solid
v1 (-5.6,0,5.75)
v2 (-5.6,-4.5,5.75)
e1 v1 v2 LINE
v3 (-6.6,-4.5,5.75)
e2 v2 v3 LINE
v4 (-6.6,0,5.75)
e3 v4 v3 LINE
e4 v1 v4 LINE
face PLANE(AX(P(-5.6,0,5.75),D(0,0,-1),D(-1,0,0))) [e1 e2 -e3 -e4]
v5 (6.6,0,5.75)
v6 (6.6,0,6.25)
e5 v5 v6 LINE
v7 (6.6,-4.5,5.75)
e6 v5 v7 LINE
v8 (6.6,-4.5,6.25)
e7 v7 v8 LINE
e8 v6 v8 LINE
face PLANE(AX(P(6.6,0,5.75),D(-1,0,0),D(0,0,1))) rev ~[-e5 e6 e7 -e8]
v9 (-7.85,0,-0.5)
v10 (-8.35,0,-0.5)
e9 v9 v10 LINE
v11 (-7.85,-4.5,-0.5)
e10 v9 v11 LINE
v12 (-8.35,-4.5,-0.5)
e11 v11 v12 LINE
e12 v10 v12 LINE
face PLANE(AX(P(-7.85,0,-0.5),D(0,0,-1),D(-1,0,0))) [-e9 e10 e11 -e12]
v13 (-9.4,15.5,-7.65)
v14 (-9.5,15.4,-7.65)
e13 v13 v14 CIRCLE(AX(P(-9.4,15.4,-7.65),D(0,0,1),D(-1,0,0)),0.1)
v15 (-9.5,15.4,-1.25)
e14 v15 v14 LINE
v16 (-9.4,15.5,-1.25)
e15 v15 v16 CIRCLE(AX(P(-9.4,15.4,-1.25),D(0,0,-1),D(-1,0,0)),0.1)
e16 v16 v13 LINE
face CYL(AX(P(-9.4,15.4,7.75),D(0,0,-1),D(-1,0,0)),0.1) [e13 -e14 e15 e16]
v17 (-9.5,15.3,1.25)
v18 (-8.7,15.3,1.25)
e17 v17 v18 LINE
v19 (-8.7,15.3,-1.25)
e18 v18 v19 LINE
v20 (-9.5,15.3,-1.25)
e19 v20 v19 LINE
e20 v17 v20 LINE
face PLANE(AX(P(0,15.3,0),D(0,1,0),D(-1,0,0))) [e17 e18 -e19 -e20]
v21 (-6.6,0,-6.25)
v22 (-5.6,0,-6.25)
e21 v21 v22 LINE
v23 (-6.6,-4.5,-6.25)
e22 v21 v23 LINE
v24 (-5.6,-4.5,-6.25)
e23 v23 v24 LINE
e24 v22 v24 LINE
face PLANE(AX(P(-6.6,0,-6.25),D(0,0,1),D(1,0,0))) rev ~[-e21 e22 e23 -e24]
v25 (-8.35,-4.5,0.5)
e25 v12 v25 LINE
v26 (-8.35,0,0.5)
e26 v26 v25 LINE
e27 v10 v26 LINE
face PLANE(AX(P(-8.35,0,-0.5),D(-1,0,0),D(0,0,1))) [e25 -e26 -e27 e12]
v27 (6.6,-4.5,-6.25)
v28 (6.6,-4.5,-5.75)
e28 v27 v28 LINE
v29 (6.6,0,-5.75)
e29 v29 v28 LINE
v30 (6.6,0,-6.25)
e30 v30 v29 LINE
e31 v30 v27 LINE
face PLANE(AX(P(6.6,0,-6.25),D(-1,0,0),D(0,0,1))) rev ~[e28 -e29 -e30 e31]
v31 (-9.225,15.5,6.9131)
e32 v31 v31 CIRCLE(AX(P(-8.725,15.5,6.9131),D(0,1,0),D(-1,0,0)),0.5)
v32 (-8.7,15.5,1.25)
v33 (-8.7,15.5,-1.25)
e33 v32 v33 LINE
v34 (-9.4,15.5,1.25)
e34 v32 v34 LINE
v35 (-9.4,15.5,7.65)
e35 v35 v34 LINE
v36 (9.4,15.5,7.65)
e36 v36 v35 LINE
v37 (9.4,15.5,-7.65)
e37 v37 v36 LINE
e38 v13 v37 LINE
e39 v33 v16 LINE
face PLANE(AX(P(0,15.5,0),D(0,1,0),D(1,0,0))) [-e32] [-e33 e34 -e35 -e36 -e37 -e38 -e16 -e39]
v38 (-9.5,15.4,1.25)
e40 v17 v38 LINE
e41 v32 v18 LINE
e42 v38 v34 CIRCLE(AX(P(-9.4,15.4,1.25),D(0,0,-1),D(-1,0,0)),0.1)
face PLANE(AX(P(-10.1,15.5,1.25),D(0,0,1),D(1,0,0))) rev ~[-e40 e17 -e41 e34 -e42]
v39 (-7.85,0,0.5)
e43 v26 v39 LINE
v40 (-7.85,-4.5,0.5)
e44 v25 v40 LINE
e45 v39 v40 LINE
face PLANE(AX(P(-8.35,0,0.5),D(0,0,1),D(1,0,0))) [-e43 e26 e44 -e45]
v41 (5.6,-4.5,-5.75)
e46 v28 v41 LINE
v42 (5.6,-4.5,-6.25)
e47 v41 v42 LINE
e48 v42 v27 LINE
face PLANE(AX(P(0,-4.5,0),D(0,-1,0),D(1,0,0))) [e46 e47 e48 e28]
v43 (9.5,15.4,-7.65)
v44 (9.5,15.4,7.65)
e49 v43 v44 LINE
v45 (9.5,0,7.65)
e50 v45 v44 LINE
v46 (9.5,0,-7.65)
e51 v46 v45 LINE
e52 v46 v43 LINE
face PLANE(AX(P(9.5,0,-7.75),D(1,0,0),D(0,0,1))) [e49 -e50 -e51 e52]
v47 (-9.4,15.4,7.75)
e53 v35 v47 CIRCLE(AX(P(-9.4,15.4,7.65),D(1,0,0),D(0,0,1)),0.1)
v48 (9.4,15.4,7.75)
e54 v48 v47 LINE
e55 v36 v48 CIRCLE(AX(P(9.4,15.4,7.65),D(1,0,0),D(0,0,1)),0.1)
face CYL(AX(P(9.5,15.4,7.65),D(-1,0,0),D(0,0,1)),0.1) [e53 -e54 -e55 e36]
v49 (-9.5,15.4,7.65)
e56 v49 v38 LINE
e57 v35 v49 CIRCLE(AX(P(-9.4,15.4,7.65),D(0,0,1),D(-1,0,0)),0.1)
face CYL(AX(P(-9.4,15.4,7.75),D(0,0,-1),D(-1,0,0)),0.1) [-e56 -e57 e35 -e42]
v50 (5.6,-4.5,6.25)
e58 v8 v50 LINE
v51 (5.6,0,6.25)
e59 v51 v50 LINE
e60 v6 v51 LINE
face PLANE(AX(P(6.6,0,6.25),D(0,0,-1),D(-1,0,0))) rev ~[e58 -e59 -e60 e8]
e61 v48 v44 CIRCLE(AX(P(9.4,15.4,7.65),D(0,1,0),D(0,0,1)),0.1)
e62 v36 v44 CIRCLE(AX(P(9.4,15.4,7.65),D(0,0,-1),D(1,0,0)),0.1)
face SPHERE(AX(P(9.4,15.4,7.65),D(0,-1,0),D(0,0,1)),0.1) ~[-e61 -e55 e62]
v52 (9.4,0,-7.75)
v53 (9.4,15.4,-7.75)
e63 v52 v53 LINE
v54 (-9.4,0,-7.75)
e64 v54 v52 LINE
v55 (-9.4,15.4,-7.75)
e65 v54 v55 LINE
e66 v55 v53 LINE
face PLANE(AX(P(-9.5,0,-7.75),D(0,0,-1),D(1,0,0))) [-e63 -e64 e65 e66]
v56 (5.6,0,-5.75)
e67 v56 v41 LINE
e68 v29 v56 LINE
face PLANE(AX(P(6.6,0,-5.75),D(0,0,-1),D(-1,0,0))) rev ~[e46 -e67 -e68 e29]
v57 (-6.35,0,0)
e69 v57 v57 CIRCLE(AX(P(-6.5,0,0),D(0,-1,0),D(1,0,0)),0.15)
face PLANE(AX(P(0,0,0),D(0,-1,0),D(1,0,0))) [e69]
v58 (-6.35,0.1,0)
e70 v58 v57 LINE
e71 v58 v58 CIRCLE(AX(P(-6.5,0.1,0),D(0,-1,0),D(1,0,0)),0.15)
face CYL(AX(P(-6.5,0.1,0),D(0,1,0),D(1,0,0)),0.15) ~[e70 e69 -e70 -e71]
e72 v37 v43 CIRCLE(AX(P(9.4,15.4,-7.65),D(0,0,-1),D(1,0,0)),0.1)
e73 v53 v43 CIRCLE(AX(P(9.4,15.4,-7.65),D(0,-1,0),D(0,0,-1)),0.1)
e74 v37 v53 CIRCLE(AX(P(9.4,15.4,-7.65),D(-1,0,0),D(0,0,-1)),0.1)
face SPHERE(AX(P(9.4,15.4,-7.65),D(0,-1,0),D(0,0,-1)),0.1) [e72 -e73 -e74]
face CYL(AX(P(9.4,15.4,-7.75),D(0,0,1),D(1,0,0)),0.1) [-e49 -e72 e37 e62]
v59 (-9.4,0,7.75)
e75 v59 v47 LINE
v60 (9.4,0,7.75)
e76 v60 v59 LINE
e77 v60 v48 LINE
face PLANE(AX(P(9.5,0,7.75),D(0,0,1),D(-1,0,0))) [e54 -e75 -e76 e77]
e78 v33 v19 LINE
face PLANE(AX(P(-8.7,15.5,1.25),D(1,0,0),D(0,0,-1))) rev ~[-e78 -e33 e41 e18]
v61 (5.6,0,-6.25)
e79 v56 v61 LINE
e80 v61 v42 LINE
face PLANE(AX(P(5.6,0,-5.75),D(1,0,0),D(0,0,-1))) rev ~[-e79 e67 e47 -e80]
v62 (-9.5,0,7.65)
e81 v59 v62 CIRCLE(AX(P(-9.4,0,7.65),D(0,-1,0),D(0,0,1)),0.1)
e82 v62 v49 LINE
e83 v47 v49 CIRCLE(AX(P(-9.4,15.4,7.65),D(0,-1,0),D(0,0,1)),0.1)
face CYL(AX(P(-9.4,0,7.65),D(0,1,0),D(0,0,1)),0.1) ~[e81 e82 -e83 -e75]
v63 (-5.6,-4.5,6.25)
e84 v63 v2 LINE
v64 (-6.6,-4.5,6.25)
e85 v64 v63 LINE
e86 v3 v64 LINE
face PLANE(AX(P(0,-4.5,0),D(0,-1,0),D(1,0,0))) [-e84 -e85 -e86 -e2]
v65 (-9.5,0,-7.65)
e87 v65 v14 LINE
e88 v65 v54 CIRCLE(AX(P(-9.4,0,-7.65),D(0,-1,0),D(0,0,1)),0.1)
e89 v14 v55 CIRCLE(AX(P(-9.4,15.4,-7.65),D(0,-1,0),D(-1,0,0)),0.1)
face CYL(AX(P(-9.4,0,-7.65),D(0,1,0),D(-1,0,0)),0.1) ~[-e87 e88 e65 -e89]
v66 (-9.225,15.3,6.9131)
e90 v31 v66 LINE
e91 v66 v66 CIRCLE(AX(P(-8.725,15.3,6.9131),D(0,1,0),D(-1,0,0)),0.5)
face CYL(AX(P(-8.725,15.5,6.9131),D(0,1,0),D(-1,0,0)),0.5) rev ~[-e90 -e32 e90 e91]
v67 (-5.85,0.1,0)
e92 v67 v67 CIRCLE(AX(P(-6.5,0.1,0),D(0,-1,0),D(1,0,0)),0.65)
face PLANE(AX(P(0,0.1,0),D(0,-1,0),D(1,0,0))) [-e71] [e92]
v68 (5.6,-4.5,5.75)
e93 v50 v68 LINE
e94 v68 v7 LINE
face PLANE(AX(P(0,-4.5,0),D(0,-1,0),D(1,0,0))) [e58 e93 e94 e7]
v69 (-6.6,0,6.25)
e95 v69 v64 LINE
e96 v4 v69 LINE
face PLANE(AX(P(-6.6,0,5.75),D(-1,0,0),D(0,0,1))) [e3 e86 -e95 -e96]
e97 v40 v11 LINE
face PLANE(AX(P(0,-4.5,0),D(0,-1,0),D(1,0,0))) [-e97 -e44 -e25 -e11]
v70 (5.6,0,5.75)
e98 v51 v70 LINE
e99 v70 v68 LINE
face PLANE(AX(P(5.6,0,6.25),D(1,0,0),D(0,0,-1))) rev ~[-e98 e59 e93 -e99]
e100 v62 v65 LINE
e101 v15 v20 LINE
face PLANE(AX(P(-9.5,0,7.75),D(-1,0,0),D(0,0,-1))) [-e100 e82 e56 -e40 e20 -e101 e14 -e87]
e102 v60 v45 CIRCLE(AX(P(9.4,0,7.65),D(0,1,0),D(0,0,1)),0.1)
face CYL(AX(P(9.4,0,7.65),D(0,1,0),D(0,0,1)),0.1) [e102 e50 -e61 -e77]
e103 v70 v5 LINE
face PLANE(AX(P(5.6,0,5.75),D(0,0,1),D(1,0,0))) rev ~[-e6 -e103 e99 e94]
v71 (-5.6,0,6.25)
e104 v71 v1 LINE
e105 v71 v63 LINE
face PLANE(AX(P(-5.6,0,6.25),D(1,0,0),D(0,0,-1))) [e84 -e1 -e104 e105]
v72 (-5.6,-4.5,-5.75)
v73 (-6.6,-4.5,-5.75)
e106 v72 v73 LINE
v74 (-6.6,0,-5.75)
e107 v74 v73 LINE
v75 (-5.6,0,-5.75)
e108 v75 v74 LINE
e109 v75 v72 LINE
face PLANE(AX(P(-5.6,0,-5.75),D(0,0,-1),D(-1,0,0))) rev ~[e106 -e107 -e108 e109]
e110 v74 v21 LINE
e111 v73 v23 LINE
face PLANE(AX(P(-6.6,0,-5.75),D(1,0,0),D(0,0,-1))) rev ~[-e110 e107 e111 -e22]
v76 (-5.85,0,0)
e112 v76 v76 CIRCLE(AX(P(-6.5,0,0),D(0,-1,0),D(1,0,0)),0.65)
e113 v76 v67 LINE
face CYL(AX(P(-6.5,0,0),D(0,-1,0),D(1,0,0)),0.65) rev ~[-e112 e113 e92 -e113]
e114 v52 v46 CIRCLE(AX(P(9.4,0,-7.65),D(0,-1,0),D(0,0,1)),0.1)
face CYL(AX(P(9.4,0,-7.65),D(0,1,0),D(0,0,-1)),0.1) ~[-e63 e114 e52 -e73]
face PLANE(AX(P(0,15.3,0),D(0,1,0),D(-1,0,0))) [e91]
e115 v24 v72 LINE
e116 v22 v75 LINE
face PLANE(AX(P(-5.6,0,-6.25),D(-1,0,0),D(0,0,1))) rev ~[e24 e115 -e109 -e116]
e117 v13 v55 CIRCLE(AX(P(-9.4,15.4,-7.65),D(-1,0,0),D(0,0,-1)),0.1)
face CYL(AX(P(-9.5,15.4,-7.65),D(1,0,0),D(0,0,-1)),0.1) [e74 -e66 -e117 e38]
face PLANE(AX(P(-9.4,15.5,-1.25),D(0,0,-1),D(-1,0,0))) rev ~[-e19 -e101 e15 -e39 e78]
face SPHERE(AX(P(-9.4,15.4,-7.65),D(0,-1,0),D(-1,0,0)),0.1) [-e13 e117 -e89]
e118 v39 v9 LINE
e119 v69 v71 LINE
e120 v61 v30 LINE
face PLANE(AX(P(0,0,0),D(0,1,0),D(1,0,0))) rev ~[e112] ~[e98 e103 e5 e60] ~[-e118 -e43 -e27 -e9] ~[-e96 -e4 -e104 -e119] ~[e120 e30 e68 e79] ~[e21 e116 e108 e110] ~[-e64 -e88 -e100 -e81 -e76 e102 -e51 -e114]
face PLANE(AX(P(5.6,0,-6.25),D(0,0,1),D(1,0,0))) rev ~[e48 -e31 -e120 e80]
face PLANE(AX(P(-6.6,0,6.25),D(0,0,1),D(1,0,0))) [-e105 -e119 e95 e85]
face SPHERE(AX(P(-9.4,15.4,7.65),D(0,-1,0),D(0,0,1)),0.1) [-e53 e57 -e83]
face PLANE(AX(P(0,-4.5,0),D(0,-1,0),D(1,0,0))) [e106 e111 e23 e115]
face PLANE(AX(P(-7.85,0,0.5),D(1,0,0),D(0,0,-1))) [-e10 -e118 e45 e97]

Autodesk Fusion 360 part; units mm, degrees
sketch "Sketch1" plane through (0, 0, 0) normal (0, 1, 0) x (1, 0, 0)
  line L0 (9.5, -7.75) -> (-9.5, -7.75)
  line L1 (-9.5, -7.75) -> (-9.5, 7.75)
  line L2 (-9.5, 7.75) -> (9.5, 7.75)
  line L3 (9.5, 7.75) -> (9.5, -7.75)
  line L4 (9.5, -7.75) -> (-9.5, 7.75) construction
  line L5 (-9.5, -7.75) -> (9.5, 7.75) construction
  dimension "d1" = 19
  dimension "d2" = 15.5
extrude "Extrude1" add sketch "Sketch1" along normal blind 15.5
fillet "Fillet1" radius 0.1 4 edges at (-9.5, 7.75, -7.75) (9.5, 7.75, -7.75) (9.5, 7.75, 7.75) (-9.5, 7.75, 7.75) 1 faces at (3.1667, 15.5, 2.5833)
sketch "Sketch2" plane through (0, 0, 0) normal (0, -1, 0) x (1, 0, 0)
  arc A0 (9.5, 7.65) -> (9.4, 7.75) centre (9.4, 7.65) ccw
  line L0 (9.4, 7.75) -> (-9.4, 7.75)
  arc A1 (-9.4, 7.75) -> (-9.5, 7.65) centre (-9.4, 7.65) ccw
  line L1 (-9.5, 7.65) -> (-9.5, -7.65)
  arc A2 (-9.5, -7.65) -> (-9.4, -7.75) centre (-9.4, -7.65) ccw
  line L2 (-9.4, -7.75) -> (9.4, -7.75)
  arc A3 (9.4, -7.75) -> (9.5, -7.65) centre (9.4, -7.65) ccw
  line L3 (9.5, -7.65) -> (9.5, 7.65)
  line L4 (6.1, 6) -> (-6.1, 6) construction
  line L5 (-6.1, 6) -> (-6.1, -6) construction
  line L6 (-6.1, -6) -> (6.1, -6) construction
  line L7 (6.1, -6) -> (6.1, 6) construction
  line L8 (6.1, 6) -> (-6.1, -6) construction
  line L9 (-6.1, 6) -> (6.1, -6) construction
  line L10 (-6.1, 0) -> (-8.1, 0) construction
  line L11 (-5.6, 5.75) -> (-6.6, 5.75)
  line L12 (-6.6, 5.75) -> (-6.6, 6.25)
  line L13 (-6.6, 6.25) -> (-5.6, 6.25)
  line L14 (-5.6, 6.25) -> (-5.6, 5.75)
  line L15 (-5.6, 5.75) -> (-6.6, 6.25) construction
  line L16 (-6.6, 5.75) -> (-5.6, 6.25) construction
  line L17 (-5.6, -5.75) -> (-6.6, -5.75)
  line L18 (-6.6, -5.75) -> (-6.6, -6.25)
  line L19 (-6.6, -6.25) -> (-5.6, -6.25)
  line L20 (-5.6, -6.25) -> (-5.6, -5.75)
  line L21 (-5.6, -5.75) -> (-6.6, -6.25) construction
  line L22 (-6.6, -5.75) -> (-5.6, -6.25) construction
  line L23 (6.6, 6.25) -> (5.6, 6.25)
  line L24 (5.6, 6.25) -> (5.6, 5.75)
  line L25 (5.6, 5.75) -> (6.6, 5.75)
  line L26 (6.6, 5.75) -> (6.6, 6.25)
  line L27 (6.6, 6.25) -> (5.6, 5.75) construction
  line L28 (5.6, 6.25) -> (6.6, 5.75) construction
  line L29 (6.6, -5.75) -> (5.6, -5.75)
  line L30 (5.6, -5.75) -> (5.6, -6.25)
  line L31 (5.6, -6.25) -> (6.6, -6.25)
  line L32 (6.6, -6.25) -> (6.6, -5.75)
  line L33 (6.6, -5.75) -> (5.6, -6.25) construction
  line L34 (5.6, -5.75) -> (6.6, -6.25) construction
  line L35 (-7.85, -0.5) -> (-8.35, -0.5)
  line L36 (-8.35, -0.5) -> (-8.35, 0.5)
  line L37 (-8.35, 0.5) -> (-7.85, 0.5)
  line L38 (-7.85, 0.5) -> (-7.85, -0.5)
  line L39 (-7.85, -0.5) -> (-8.35, 0.5) construction
  line L40 (-8.35, -0.5) -> (-7.85, 0.5) construction
  point P0 (-6.1, 6)
  point P1 (-6.1, -6)
  point P2 (6.1, 6)
  point P3 (6.1, -6)
  point P4 (-8.1, 0)
  dimension "d7" = 12.2
  dimension "d8" = 12
  dimension "d9" = 2
  dimension "d10" = 1
  dimension "d11" = 0.5
  dimension "d12" = 1
  dimension "d13" = 0.5
  dimension "d14" = 1
  dimension "d15" = 0.5
  dimension "d16" = 1
  dimension "d17" = 0.5
  dimension "d18" = 0.5
  dimension "d19" = 1
extrude "Extrude2" add sketch "Sketch2" along normal blind 4.5 contours L11 L12 L13 L14 | L17 L18 L19 L20 | L23 L24 L25 L26 | L29 L30 L31 L32 | L35 L36 L37 L38
sketch "Sketch3" plane through (0, 0, 0) normal (0, -1, 0) x (1, 0, 0)
  line L0 (6.6, -6.25) -> (5.6, -6.25)
  line L1 (5.6, -6.25) -> (5.6, -5.75)
  line L2 (5.6, -5.75) -> (6.6, -5.75)
  line L3 (6.6, -5.75) -> (6.6, -6.25)
  line L4 (-5.6, -6.25) -> (-6.6, -6.25)
  line L5 (-6.6, -6.25) -> (-6.6, -5.75)
  line L6 (-6.6, -5.75) -> (-5.6, -5.75)
  line L7 (-5.6, -5.75) -> (-5.6, -6.25)
  line L8 (6.6, 5.75) -> (5.6, 5.75)
  line L9 (5.6, 5.75) -> (5.6, 6.25)
  line L10 (5.6, 6.25) -> (6.6, 6.25)
  line L11 (6.6, 6.25) -> (6.6, 5.75)
  line L12 (-7.85, 0.5) -> (-7.85, -0.5)
  line L13 (-7.85, -0.5) -> (-8.35, -0.5)
  line L14 (-8.35, -0.5) -> (-8.35, 0.5)
  line L15 (-8.35, 0.5) -> (-7.85, 0.5)
  line L16 (-5.6, 6.25) -> (-5.6, 5.75)
  line L17 (-5.6, 5.75) -> (-6.6, 5.75)
  line L18 (-6.6, 5.75) -> (-6.6, 6.25)
  line L19 (-6.6, 6.25) -> (-5.6, 6.25)
  arc A0 (9.5, 7.65) -> (9.4, 7.75) centre (9.4, 7.65) ccw
  line L20 (9.4, 7.75) -> (-9.4, 7.75)
  arc A1 (-9.4, 7.75) -> (-9.5, 7.65) centre (-9.4, 7.65) ccw
  line L21 (-9.5, 7.65) -> (-9.5, -7.65)
  arc A2 (-9.5, -7.65) -> (-9.4, -7.75) centre (-9.4, -7.65) ccw
  line L22 (-9.4, -7.75) -> (9.4, -7.75)
  arc A3 (9.4, -7.75) -> (9.5, -7.65) centre (9.4, -7.65) ccw
  line L23 (9.5, -7.65) -> (9.5, 7.65)
  circle A4 centre (-6.5, 0) radius 0.65
  dimension "d22" = 1.3
extrude "Extrude3" cut sketch "Sketch3" against normal blind 0.1 contours A4
sketch "Sketch4" plane through (0, 0.1, 0) normal (0, -1, 0) x (1, 0, 0)
  circle A0 centre (-6.5, 0) radius 0.65
  circle A1 centre (-6.5, 0) radius 0.15
  dimension "d25" = 0.3
extrude "Extrude4" add sketch "Sketch4" along normal blind 0.1 contours A1
sketch "Sketch5" plane through (0, 15.5, 0) normal (0, 1, 0) x (-1, 0, 0)
  line L0 (9.4, 7.65) -> (-9.4, 7.65)
  line L1 (-9.4, 7.65) -> (-9.4, -7.65)
  line L2 (-9.4, -7.65) -> (9.4, -7.65)
  line L3 (9.4, -7.65) -> (9.4, 7.65)
  line L4 (10.1, 1.25) -> (8.7, 1.25)
  line L5 (8.7, 1.25) -> (8.7, -1.25)
  line L6 (8.7, -1.25) -> (10.1, -1.25)
  line L7 (10.1, -1.25) -> (10.1, 1.25)
  line L8 (10.1, 1.25) -> (8.7, -1.25) construction
  line L9 (8.7, 1.25) -> (10.1, -1.25) construction
  point P0 (9.4, 0)
  dimension "d28" = 1.4
  dimension "d29" = 2.5
extrude "Extrude5" cut sketch "Sketch5" against normal blind 0.2 contours L3 L4 L6 L7 | L3 L4 L5 L6
sketch "Sketch6" plane through (0, 15.5, 0) normal (0, 1, 0) x (-1, 0, 0)
  line L0 (8.7, 1.25) -> (9.4, 1.25)
  line L1 (9.4, 1.25) -> (9.4, 7.65)
  line L2 (9.4, 7.65) -> (-9.4, 7.65)
  line L3 (-9.4, 7.65) -> (-9.4, -7.65)
  line L4 (-9.4, -7.65) -> (9.4, -7.65)
  line L5 (9.4, -7.65) -> (9.4, -1.25)
  line L6 (9.4, -1.25) -> (8.7, -1.25)
  line L7 (8.7, -1.25) -> (8.7, 1.25)
  circle A0 centre (8.725, 6.9131) radius 0.5
  dimension "d32" = 1
extrude "Extrude6" cut sketch "Sketch6" against normal blind 0.2 contours A0
